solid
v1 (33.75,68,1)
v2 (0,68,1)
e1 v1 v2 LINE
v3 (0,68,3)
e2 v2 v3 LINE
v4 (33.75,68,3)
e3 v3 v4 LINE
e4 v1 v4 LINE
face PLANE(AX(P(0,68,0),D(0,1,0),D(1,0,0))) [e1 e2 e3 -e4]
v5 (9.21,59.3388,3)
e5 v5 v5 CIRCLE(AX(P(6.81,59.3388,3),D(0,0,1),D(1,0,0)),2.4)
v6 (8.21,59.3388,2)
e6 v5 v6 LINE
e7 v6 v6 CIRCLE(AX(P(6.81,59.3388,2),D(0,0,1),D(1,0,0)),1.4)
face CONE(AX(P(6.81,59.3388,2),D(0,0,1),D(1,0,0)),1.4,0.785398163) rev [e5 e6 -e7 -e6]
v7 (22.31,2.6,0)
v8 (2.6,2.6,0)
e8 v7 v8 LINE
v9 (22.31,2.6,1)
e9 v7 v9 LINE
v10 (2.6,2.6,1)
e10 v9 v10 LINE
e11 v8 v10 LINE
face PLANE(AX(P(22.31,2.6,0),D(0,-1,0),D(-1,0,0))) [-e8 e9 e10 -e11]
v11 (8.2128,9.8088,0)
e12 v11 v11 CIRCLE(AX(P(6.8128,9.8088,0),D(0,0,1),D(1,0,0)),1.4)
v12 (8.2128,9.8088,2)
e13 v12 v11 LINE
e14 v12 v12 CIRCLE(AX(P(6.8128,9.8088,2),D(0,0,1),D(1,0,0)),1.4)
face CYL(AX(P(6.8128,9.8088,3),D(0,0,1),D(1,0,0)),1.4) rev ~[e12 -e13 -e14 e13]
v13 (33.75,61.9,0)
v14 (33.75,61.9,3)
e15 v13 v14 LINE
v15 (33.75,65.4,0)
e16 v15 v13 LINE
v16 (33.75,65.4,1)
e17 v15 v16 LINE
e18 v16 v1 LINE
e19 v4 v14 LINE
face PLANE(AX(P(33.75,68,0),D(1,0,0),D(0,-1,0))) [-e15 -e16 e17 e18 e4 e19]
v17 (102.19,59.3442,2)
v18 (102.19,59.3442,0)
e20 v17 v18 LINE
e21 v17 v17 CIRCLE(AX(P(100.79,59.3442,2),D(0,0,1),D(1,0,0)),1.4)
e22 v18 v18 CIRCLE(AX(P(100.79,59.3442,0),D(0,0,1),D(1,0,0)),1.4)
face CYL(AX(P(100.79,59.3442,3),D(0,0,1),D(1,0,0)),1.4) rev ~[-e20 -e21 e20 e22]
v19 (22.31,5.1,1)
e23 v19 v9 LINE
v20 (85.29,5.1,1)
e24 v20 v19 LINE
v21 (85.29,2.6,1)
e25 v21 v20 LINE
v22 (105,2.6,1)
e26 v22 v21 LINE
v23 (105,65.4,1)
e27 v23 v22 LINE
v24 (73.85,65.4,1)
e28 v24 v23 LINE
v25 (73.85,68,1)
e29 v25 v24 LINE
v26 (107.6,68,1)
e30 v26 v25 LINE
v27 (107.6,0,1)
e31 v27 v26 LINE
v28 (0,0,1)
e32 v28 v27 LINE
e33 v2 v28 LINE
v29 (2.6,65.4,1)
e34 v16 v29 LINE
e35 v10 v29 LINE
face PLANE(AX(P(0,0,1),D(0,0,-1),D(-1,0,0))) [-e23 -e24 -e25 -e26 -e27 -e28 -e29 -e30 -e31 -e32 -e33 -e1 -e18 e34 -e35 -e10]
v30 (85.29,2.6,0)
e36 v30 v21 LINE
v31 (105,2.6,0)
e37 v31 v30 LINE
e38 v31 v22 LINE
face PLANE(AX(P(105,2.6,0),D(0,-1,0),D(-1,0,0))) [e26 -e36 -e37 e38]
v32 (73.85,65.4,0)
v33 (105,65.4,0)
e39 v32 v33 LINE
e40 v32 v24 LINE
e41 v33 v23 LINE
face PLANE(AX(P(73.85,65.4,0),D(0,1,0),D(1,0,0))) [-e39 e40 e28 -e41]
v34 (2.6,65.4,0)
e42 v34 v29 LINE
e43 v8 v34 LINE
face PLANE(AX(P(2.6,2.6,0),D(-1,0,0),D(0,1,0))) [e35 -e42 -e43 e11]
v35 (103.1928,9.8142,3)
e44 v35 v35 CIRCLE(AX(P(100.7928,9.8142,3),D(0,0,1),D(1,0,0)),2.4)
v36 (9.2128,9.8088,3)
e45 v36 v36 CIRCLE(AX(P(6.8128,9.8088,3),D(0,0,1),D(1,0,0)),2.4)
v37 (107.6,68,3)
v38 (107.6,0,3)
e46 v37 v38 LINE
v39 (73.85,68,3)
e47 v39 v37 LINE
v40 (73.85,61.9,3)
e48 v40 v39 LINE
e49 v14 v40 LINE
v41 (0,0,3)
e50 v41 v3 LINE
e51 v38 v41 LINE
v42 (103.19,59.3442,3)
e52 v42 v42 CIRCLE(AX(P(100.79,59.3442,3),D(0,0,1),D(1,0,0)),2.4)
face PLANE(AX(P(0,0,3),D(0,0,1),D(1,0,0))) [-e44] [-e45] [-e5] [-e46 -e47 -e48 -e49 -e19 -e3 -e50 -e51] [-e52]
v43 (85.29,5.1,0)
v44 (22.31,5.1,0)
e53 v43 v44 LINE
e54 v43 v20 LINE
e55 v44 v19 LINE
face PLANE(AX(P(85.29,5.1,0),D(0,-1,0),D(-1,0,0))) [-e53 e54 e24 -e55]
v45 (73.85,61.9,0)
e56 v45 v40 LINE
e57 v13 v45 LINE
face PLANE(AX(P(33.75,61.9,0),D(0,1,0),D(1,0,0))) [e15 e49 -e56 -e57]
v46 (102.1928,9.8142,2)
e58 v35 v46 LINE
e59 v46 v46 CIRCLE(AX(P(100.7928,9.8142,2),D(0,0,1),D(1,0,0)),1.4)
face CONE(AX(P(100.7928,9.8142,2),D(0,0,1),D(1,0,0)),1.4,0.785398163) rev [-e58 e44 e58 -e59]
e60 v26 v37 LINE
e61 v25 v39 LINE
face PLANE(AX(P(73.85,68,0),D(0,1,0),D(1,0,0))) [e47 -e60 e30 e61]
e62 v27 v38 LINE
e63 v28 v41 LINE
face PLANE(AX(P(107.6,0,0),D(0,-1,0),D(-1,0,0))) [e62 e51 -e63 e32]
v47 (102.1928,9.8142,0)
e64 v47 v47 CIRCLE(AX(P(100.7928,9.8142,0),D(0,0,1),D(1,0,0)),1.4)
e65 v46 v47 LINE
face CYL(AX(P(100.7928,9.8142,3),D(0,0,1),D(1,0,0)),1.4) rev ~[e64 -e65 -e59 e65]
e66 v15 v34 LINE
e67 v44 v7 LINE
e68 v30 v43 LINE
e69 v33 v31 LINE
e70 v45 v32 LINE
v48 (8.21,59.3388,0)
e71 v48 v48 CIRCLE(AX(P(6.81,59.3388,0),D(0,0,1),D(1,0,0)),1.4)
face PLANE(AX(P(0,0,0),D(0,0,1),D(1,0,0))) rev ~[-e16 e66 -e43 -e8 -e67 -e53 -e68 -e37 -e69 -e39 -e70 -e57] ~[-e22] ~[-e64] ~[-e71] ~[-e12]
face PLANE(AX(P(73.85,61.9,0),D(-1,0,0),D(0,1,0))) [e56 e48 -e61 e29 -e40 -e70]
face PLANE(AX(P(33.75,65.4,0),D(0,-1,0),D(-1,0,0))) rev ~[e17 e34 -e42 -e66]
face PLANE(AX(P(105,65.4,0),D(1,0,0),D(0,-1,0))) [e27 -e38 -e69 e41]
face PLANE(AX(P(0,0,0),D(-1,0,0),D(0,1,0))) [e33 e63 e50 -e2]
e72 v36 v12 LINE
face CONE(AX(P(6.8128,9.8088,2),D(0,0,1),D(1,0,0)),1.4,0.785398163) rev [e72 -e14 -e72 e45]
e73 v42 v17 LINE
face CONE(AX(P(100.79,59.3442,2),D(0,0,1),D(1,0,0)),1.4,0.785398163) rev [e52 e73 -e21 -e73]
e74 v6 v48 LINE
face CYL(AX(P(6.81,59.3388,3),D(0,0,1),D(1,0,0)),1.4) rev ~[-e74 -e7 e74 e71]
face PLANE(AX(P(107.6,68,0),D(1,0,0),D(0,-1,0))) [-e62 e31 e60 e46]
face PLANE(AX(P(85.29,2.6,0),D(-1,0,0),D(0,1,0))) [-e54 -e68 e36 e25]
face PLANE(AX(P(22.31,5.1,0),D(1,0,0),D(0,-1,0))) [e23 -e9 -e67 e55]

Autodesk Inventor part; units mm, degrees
ref_plane "YZ Plane" through (0, 0, 0) normal (1, 0, 0) x (0, 1, 0)
ref_plane "XZ Plane" through (0, 0, 0) normal (0, 1, 0) x (-1, 0, 0)
ref_plane "XY Plane" through (0, 0, 0) normal (0, 0, 1) x (1, 0, 0)
sketch "Sketch1" plane through (0, 0, 0) normal (0, 0, 1) x (1, 0, 0)
  line L0 (107.6, 68) -> (107.6, 0)
  line L1 (107.6, 0) -> (0, 0)
  line L2 (0, 0) -> (0, 68)
  line L3 (0, 68) -> (33.75, 68)
  line L4 (33.75, 68) -> (33.75, 61.9)
  line L5 (33.75, 61.9) -> (73.85, 61.9)
  line L6 (73.85, 61.9) -> (73.85, 68)
  line L7 (73.85, 68) -> (107.6, 68)
  line L8 (53.8, 0) -> (53.8, -26.1159) construction
  line L9 (53.8, 61.9) -> (53.8, 35.6829) construction
  dimension "d37" = 40.1
  dimension "d38" = 107.6
  dimension "d39" = 68
  dimension "d64" = 6.1
extrude "Extrusion1" add sketch "Sketch1" along normal blind 3
sketch "Sketch4" plane through (0, 0, 0) normal (0, 0, -1) x (-1, 0, 0)
  line L0 (-33.75, 68) -> (0, 68) projected
  line L1 (-33.75, 61.9) -> (-33.75, 68) projected
  line L2 (-73.85, 61.9) -> (-33.75, 61.9) projected
  line L3 (-73.85, 68) -> (-73.85, 61.9) projected
  line L4 (-107.6, 68) -> (-73.85, 68) projected
  line L5 (-107.6, 0) -> (-107.6, 68) projected
  line L6 (0, 0) -> (-107.6, 0) projected
  line L7 (0, 68) -> (0, 0) projected
  line L8 (-71.25, 65.4) -> (-71.25, 63.4)
  line L9 (-71.25, 63.4) -> (-36.35, 63.4)
  line L10 (-36.35, 63.4) -> (-36.35, 65.4)
  line L11 (-36.35, 65.4) -> (-2.6, 65.4)
  line L12 (-71.25, 65.4) -> (-105, 65.4)
  line L13 (-105, 65.4) -> (-105, 2.6)
  line L14 (-2.6, 2.6) -> (-2.6, 65.4)
  line L15 (-105, 2.6) -> (-85.29, 2.6)
  line L16 (-85.29, 2.6) -> (-85.29, 5.1)
  line L17 (-85.29, 5.1) -> (-22.31, 5.1)
  line L18 (-22.31, 5.1) -> (-22.31, 2.6)
  line L19 (-22.31, 2.6) -> (-2.6, 2.6)
  line L20 (-53.8, 0) -> (-53.8, 2.6) construction
  line L21 (-53.8, 5.1) -> (-53.8, 2.6) construction
  dimension "d42" = 2.6
  dimension "d43" = 2.6
  dimension "d44" = 2.6
  dimension "d45" = 2.6
  dimension "d46" = 2.6
  dimension "d48" = 2.6
  dimension "d49" = 5.1
  dimension "d50" = 2.6
  dimension "d51" = 2.6
  dimension "d52" = 62.98
  dimension "d65" = 2
extrude "Extrusion4" cut sketch "Sketch4" against normal blind 1 contours L0 L7 L6 L5 L4 L3 L12 L13 L15 L16 L17 L18 L19 L14 L11 L1
sketch "Sketch5" plane through (0, 0, 3) normal (0, 0, 1) x (1, 0, 0)
  circle A0 centre (6.8128, 9.8088) radius 1.5 projected
  circle A1 centre (6.81, 59.3388) radius 1.5 projected
  circle A2 centre (100.7928, 9.8142) radius 1.5 projected
  circle A3 centre (100.79, 59.3442) radius 1.5 projected
  line L0 (104.603, 6.0044) -> (3.003, 5.9986) projected
  line L1 (104.5998, 63.1544) -> (104.603, 6.0044) projected
  line L2 (2.9998, 63.1486) -> (104.5998, 63.1544) projected
  line L3 (3.003, 5.9986) -> (2.9998, 63.1486) projected
  circle A4 centre (6.81, 59.3388) radius 1.4
  circle A5 centre (6.8128, 9.8088) radius 1.4
  circle A6 centre (100.7928, 9.8142) radius 1.4
  circle A7 centre (100.79, 59.3442) radius 1.4
  point P0 (0, 0)
  dimension "d55" = 2.8
  dimension "d56" = 2.8
  dimension "d57" = 2.8
  dimension "d58" = 2.8
extrude "Extrusion5" cut sketch "Sketch5" against normal blind 4 contours A4 | A5 | A6 | A7
chamfer "Chamfer3" distance 1 angle 45 4 edges at (5.41, 59.3388, 3) (5.4128, 9.8088, 3) (99.39, 59.3442, 3) (99.3928, 9.8142, 3)
properties part number "Enclosure-Backplate01"
